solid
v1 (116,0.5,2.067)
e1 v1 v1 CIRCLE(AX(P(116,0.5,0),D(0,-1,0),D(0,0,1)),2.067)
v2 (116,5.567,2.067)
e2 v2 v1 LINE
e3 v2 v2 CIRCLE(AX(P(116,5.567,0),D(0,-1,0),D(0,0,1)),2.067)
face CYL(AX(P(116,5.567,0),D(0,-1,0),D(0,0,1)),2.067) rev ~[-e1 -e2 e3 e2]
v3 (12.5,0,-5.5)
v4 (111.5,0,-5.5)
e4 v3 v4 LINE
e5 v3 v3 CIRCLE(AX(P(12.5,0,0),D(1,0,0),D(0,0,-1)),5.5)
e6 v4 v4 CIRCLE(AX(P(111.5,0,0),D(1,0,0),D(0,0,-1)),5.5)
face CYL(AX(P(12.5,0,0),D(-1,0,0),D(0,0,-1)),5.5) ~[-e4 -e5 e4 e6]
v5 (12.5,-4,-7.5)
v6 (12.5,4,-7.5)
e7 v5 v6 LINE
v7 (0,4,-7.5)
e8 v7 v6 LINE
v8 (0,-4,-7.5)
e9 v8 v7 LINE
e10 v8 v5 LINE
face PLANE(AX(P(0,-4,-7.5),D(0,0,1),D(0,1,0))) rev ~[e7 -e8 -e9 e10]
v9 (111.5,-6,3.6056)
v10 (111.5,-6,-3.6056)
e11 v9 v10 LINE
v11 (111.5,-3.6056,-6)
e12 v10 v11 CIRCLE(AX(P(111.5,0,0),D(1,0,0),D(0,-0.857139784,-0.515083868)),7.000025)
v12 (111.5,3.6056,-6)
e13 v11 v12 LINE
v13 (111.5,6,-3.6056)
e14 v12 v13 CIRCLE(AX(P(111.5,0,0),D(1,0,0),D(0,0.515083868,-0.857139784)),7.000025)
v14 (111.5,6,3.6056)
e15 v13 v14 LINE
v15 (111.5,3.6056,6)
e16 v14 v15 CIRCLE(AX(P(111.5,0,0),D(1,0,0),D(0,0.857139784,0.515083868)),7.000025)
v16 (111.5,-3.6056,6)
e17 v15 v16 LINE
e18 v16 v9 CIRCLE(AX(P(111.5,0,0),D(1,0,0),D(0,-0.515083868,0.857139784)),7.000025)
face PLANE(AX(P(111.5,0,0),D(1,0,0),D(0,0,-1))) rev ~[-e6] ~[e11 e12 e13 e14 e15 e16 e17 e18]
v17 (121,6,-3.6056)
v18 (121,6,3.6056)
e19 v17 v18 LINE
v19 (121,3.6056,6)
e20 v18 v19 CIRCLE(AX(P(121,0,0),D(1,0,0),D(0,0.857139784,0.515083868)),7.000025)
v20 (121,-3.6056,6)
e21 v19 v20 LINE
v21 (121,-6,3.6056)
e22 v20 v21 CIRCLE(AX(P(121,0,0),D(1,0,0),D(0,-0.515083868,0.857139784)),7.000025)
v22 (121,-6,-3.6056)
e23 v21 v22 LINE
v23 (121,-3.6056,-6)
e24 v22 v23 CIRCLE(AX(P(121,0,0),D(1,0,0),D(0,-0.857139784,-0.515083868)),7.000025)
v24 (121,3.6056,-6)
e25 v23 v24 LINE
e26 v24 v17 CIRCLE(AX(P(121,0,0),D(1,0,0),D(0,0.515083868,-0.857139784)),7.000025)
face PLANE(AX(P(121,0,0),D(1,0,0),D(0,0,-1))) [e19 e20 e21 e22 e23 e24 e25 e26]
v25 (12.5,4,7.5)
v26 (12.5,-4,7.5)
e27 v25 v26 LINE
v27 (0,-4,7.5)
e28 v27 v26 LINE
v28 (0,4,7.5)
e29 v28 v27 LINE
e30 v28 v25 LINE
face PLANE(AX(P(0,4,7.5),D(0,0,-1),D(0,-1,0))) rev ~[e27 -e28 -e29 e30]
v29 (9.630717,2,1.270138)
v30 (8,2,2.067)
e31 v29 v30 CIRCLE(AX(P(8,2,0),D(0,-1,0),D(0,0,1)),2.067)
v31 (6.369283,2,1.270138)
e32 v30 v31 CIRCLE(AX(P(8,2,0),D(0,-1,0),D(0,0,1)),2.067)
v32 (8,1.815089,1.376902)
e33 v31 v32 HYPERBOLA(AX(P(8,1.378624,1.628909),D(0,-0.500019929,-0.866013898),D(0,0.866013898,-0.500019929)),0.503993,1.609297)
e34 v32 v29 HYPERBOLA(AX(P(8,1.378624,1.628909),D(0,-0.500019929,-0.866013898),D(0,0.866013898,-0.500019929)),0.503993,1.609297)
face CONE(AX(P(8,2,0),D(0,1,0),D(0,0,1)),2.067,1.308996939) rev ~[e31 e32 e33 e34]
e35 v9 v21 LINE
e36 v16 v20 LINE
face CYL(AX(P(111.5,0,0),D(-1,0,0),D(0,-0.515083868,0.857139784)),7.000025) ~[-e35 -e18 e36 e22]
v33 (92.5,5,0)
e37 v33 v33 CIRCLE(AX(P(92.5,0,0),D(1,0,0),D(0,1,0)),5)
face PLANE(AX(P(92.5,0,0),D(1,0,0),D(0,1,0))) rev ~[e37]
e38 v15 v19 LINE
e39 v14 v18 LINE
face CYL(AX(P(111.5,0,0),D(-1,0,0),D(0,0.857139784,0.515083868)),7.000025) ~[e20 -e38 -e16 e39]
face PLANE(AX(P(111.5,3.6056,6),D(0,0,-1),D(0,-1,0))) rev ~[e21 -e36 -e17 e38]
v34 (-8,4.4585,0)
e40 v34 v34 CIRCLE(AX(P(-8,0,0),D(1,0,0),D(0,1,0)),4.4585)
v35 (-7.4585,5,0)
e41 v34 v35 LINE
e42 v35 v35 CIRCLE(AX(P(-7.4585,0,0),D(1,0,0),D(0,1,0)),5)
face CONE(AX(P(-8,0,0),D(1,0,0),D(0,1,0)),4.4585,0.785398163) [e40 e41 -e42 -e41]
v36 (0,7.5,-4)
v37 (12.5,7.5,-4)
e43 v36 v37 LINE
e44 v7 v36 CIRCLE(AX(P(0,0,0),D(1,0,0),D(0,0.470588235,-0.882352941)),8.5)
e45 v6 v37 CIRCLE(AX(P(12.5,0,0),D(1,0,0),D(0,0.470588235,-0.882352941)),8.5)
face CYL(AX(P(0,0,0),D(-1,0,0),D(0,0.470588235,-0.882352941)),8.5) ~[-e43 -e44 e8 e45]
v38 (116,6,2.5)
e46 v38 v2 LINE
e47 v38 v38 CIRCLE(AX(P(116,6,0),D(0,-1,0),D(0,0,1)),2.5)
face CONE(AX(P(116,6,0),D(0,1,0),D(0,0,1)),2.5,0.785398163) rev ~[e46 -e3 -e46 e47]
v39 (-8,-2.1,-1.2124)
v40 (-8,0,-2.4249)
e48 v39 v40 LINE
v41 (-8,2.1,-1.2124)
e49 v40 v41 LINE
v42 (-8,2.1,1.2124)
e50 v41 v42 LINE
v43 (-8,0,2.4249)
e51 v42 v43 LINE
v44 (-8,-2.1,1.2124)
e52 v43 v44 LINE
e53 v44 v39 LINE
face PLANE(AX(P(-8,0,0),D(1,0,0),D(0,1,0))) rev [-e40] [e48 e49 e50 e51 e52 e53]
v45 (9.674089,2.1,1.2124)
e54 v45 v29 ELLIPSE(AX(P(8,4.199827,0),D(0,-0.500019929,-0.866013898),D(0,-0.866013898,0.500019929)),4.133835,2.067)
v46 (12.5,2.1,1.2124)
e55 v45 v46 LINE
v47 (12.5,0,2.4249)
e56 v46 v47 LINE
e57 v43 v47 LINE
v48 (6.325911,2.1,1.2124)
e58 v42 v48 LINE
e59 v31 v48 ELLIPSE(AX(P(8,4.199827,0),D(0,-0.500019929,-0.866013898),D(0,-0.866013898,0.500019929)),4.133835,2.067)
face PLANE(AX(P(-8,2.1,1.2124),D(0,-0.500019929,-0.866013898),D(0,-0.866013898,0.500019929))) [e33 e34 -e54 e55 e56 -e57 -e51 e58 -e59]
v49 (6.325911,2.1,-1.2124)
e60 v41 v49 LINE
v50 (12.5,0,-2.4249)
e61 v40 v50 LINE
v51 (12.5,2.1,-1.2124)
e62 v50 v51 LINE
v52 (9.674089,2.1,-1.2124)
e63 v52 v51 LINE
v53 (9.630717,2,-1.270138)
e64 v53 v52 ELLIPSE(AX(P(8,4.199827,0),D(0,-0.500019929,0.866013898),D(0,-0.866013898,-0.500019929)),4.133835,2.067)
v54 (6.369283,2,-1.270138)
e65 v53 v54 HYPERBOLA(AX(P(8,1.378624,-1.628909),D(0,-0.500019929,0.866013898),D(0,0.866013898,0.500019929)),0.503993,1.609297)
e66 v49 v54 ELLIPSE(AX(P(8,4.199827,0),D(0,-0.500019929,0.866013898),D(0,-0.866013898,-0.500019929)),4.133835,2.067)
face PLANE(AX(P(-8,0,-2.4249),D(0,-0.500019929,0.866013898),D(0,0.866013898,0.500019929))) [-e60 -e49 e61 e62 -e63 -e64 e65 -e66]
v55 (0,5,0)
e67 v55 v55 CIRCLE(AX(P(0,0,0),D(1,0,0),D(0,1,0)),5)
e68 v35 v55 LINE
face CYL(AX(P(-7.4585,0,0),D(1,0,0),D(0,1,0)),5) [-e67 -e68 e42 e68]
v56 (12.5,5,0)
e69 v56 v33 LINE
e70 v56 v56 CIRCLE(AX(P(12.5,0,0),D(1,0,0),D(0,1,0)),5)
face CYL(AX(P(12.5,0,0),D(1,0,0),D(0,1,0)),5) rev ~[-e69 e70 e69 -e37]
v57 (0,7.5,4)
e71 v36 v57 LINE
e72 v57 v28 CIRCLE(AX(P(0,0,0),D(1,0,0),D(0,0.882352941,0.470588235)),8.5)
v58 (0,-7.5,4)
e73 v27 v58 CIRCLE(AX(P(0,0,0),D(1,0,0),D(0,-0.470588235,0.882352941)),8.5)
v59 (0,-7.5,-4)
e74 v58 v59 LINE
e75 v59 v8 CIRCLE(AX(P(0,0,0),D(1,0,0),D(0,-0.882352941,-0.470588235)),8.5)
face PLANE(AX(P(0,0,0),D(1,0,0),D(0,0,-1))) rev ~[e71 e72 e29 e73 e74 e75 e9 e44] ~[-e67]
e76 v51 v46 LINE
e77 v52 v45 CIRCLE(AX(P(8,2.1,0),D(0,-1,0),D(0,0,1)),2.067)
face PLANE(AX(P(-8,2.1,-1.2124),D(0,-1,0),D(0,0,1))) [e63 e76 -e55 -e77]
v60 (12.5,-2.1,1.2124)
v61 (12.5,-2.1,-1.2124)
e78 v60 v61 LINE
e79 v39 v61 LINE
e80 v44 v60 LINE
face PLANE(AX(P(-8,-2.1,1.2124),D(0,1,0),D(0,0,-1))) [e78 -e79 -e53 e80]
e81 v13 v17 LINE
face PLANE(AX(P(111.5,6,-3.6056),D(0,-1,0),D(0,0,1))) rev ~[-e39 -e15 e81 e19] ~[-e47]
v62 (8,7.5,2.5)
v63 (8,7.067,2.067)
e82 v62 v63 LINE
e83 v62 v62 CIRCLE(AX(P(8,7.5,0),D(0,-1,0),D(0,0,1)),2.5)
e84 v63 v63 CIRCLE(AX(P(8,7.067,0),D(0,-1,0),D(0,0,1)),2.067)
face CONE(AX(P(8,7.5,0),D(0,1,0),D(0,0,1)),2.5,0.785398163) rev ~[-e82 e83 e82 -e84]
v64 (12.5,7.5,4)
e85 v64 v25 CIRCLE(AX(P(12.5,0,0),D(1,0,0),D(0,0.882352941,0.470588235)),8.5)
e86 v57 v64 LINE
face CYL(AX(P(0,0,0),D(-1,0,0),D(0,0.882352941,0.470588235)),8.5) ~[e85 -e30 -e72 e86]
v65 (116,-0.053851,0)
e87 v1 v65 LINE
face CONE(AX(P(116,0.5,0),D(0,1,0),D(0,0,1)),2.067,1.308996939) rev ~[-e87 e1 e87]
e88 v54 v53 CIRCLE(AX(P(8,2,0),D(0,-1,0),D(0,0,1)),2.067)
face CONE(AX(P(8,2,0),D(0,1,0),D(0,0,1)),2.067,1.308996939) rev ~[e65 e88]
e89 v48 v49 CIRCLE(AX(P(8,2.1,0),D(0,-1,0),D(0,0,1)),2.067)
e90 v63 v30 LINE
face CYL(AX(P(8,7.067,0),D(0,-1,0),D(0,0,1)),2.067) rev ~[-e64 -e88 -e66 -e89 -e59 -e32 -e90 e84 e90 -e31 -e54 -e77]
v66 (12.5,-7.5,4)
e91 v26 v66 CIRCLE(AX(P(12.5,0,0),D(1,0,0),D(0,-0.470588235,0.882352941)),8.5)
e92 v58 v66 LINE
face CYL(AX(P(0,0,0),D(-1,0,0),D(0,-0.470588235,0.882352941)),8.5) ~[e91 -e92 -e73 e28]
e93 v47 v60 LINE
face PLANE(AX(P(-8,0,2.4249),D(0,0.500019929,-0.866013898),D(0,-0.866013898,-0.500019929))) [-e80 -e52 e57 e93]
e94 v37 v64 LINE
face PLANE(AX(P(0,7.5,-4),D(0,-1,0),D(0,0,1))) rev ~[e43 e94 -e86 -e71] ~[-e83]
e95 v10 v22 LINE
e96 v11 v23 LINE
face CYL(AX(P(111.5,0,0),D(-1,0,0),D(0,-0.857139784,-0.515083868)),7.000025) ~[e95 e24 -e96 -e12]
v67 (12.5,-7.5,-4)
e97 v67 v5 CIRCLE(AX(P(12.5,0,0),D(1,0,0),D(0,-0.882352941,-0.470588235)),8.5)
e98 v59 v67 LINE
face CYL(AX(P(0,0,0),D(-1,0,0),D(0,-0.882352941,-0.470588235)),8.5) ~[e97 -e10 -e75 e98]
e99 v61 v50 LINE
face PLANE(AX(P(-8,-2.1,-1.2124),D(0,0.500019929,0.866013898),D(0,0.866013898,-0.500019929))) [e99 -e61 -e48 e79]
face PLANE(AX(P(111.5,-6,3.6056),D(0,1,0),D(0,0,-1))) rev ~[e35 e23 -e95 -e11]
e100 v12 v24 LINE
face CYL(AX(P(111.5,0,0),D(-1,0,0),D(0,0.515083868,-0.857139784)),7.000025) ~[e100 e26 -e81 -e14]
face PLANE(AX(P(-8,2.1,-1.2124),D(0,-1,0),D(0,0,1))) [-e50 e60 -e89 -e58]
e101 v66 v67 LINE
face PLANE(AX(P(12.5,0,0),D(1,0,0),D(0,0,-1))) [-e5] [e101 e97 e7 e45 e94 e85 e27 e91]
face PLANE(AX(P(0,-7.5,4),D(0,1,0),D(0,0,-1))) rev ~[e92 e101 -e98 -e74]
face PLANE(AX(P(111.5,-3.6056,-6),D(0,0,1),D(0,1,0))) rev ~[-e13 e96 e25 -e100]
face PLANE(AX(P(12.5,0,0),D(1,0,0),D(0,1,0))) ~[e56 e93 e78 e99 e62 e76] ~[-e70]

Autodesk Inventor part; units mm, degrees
sketch "Sketch_8" plane through (0, 0, 0) normal (0, 0, 1) x (1, 0, 0)
  line L0 (0, 0) -> (-8, 0)
  line L1 (-8, 0) -> (-8, 4.4585)
  line L2 (-8, 4.4585) -> (-7.4585, 5)
  line L3 (-7.4585, 5) -> (0, 5)
  line L4 (0, 5) -> (0, 0)
  line L5 (0, 0) -> (-8, 0)
revolve "Revolution1" add sketch "Sketch_8" angle 360 about axis through (0, 0, 0) along (1, 0, 0)
thread "Thread1" size "M10x1" class "6g" standard "ISO Metric profile" length 5.9585
sketch "Sketch_9" plane through (0, 0, 0) normal (1, 0, 0) x (0, 0, -1)
  line L0 (-7.5, 4) -> (-7.5, -4)
  arc A0 (-7.5, -4) -> (-4, -7.5) centre (0, 0) ccw
  line L1 (-4, -7.5) -> (4, -7.5)
  arc A1 (4, -7.5) -> (7.5, -4) centre (0, 0) ccw
  line L2 (7.5, -4) -> (7.5, 4)
  arc A2 (7.5, 4) -> (4, 7.5) centre (0, 0) ccw
  line L3 (4, 7.5) -> (-4, 7.5)
  arc A3 (-4, 7.5) -> (-7.5, 4) centre (0, 0) ccw
extrude "Extrusion1" add sketch "Sketch_9" along normal blind 12.5
sketch "Sketch_6" plane through (12.5, 0, 0) normal (1, 0, 0) x (0, 0, -1)
  circle A0 centre (0, 0) radius 5.5
extrude "Extrusion2" add sketch "Sketch_6" along normal blind 99
sketch "Sketch_10" plane through (111.5, 0, 0) normal (1, 0, 0) x (0, 0, -1)
  line L0 (-6, 3.6056) -> (-6, -3.6056)
  arc A0 (-6, -3.6056) -> (-3.6056, -6) centre (0, 0) ccw
  line L1 (-3.6056, -6) -> (3.6056, -6)
  arc A1 (3.6056, -6) -> (6, -3.6056) centre (0, 0) ccw
  line L2 (6, -3.6056) -> (6, 3.6056)
  arc A2 (6, 3.6056) -> (3.6056, 6) centre (0, 0) ccw
  line L3 (3.6056, 6) -> (-3.6056, 6)
  arc A3 (-3.6056, 6) -> (-6, 3.6056) centre (0, 0) ccw
extrude "Extrusion3" add sketch "Sketch_10" along normal blind 9.5
sketch "Sketch5" plane through (0, 7.5, 4) normal (0, 1, 0) x (1, 0, 0)
  point P0 (8, 4)
hole "Hole1" at (8, 7.5, 0) direction (0, -1, 0) diameter 4.134 depth 5.5 tip angle 150 countersink diameter 5 countersink angle 90 thread size "M5x0.8" class "6H" standard "ISO Metric profile"
sketch "Sketch6" plane through (111.5, 6, 3.6056) normal (0, 1, 0) x (1, 0, 0)
  point P0 (4.5, 3.6056)
hole "Hole2" at (116, 6, 0) direction (0, -1, 0) diameter 4.134 depth 5.5 tip angle 150 countersink diameter 5 countersink angle 90 thread size "M5x0.8" class "6H" standard "ISO Metric profile"
sketch "Sketch_26" plane through (-8, 0, 0) normal (1, 0, 0) x (0, 0, -1)
  line L0 (-2.4249, 0) -> (-1.2124, -2.1)
  line L1 (-1.2124, -2.1) -> (1.2124, -2.1)
  line L2 (1.2124, -2.1) -> (2.4249, 0)
  line L3 (2.4249, 0) -> (1.2124, 2.1)
  line L4 (1.2124, 2.1) -> (-1.2124, 2.1)
  line L5 (-1.2124, 2.1) -> (-2.4249, 0)
extrude "Extrusion4" cut sketch "Sketch_26" along normal blind 20.5
sketch "Sketch_16" plane through (0, 0, 0) normal (0, 0, 1) x (1, 0, 0)
  line L0 (92.5, 0) -> (12.5, 0)
  line L1 (12.5, 0) -> (12.5, 5)
  line L2 (12.5, 5) -> (92.5, 5)
  line L3 (92.5, 5) -> (92.5, 0)
  line L4 (92.5, 0) -> (12.5, 0)
revolve "Revolution2" cut sketch "Sketch_16" angle 360 about axis through (92.5, 0, 0) along (1, 0, 0)
ref_plane "BODY_N_XY" through (121, 0, 0) normal (0, 0, 1) x (1, 0, 0)
ref_plane "BODY_N_YZ" through (121, 0, 0) normal (1, 0, 0) x (0, 1, 0)
ref_plane "BODY_N_ZX" through (121, 0, 0) normal (0, 1, 0) x (0, 0, 1)
ref_plane "BSW1_XY" through (17, 0, 0) normal (1, 0, 0) x (0, 0, -1)
ref_plane "BSW1_YZ" through (17, 0, 0) normal (0, 0, -1) x (0, 1, 0)
ref_plane "BSW1_ZX" through (17, 0, 0) normal (0, 1, 0) x (1, 0, 0)
ref_plane "BSW2_XY" through (107, 0, 0) normal (-1, 0, 0) x (0, 0, -1)
ref_plane "BSW2_YZ" through (107, 0, 0) normal (0, 0, -1) x (0, -1, 0)
ref_plane "BSW2_ZX" through (107, 0, 0) normal (0, -1, 0) x (-1, 0, 0)
ref_plane "RSW1_XY" through (17, -11, 0) normal (1, 0, 0) x (0, 0, -1)
ref_plane "RSW1_YZ" through (17, -11, 0) normal (0, 0, -1) x (0, 1, 0)
ref_plane "RSW1_ZX" through (17, -11, 0) normal (0, 1, 0) x (1, 0, 0)
ref_plane "RSW2_XY" through (107, -11, 0) normal (-1, 0, 0) x (0, 0, -1)
ref_plane "RSW2_YZ" through (107, -11, 0) normal (0, 0, -1) x (0, -1, 0)
ref_plane "RSW2_ZX" through (107, -11, 0) normal (0, -1, 0) x (-1, 0, 0)
ref_plane "body_XY" through (0, 0, 0) normal (1, 0, 0) x (0, 0, -1)
ref_plane "body_YZ" through (0, 0, 0) normal (0, 0, -1) x (0, 1, 0)
ref_plane "body_ZX" through (0, 0, 0) normal (0, 1, 0) x (1, 0, 0)
ref_plane "body2_XY" through (121, 0, 0) normal (-1, 0, 0) x (0, 0, -1)
ref_plane "body2_YZ" through (121, 0, 0) normal (0, 0, -1) x (0, -1, 0)
ref_plane "body2_ZX" through (121, 0, 0) normal (0, -1, 0) x (-1, 0, 0)
ref_plane "rod_XY" through (-28, 0, 0) normal (-1, 0, 0) x (0, 0, -1)
ref_plane "rod_YZ" through (-28, 0, 0) normal (0, 0, -1) x (0, -1, 0)
ref_plane "rod_ZX" through (-28, 0, 0) normal (0, -1, 0) x (-1, 0, 0)
properties part number "CJ2KB10-75Z(0)_BODY" material "ステンレス鋼"
